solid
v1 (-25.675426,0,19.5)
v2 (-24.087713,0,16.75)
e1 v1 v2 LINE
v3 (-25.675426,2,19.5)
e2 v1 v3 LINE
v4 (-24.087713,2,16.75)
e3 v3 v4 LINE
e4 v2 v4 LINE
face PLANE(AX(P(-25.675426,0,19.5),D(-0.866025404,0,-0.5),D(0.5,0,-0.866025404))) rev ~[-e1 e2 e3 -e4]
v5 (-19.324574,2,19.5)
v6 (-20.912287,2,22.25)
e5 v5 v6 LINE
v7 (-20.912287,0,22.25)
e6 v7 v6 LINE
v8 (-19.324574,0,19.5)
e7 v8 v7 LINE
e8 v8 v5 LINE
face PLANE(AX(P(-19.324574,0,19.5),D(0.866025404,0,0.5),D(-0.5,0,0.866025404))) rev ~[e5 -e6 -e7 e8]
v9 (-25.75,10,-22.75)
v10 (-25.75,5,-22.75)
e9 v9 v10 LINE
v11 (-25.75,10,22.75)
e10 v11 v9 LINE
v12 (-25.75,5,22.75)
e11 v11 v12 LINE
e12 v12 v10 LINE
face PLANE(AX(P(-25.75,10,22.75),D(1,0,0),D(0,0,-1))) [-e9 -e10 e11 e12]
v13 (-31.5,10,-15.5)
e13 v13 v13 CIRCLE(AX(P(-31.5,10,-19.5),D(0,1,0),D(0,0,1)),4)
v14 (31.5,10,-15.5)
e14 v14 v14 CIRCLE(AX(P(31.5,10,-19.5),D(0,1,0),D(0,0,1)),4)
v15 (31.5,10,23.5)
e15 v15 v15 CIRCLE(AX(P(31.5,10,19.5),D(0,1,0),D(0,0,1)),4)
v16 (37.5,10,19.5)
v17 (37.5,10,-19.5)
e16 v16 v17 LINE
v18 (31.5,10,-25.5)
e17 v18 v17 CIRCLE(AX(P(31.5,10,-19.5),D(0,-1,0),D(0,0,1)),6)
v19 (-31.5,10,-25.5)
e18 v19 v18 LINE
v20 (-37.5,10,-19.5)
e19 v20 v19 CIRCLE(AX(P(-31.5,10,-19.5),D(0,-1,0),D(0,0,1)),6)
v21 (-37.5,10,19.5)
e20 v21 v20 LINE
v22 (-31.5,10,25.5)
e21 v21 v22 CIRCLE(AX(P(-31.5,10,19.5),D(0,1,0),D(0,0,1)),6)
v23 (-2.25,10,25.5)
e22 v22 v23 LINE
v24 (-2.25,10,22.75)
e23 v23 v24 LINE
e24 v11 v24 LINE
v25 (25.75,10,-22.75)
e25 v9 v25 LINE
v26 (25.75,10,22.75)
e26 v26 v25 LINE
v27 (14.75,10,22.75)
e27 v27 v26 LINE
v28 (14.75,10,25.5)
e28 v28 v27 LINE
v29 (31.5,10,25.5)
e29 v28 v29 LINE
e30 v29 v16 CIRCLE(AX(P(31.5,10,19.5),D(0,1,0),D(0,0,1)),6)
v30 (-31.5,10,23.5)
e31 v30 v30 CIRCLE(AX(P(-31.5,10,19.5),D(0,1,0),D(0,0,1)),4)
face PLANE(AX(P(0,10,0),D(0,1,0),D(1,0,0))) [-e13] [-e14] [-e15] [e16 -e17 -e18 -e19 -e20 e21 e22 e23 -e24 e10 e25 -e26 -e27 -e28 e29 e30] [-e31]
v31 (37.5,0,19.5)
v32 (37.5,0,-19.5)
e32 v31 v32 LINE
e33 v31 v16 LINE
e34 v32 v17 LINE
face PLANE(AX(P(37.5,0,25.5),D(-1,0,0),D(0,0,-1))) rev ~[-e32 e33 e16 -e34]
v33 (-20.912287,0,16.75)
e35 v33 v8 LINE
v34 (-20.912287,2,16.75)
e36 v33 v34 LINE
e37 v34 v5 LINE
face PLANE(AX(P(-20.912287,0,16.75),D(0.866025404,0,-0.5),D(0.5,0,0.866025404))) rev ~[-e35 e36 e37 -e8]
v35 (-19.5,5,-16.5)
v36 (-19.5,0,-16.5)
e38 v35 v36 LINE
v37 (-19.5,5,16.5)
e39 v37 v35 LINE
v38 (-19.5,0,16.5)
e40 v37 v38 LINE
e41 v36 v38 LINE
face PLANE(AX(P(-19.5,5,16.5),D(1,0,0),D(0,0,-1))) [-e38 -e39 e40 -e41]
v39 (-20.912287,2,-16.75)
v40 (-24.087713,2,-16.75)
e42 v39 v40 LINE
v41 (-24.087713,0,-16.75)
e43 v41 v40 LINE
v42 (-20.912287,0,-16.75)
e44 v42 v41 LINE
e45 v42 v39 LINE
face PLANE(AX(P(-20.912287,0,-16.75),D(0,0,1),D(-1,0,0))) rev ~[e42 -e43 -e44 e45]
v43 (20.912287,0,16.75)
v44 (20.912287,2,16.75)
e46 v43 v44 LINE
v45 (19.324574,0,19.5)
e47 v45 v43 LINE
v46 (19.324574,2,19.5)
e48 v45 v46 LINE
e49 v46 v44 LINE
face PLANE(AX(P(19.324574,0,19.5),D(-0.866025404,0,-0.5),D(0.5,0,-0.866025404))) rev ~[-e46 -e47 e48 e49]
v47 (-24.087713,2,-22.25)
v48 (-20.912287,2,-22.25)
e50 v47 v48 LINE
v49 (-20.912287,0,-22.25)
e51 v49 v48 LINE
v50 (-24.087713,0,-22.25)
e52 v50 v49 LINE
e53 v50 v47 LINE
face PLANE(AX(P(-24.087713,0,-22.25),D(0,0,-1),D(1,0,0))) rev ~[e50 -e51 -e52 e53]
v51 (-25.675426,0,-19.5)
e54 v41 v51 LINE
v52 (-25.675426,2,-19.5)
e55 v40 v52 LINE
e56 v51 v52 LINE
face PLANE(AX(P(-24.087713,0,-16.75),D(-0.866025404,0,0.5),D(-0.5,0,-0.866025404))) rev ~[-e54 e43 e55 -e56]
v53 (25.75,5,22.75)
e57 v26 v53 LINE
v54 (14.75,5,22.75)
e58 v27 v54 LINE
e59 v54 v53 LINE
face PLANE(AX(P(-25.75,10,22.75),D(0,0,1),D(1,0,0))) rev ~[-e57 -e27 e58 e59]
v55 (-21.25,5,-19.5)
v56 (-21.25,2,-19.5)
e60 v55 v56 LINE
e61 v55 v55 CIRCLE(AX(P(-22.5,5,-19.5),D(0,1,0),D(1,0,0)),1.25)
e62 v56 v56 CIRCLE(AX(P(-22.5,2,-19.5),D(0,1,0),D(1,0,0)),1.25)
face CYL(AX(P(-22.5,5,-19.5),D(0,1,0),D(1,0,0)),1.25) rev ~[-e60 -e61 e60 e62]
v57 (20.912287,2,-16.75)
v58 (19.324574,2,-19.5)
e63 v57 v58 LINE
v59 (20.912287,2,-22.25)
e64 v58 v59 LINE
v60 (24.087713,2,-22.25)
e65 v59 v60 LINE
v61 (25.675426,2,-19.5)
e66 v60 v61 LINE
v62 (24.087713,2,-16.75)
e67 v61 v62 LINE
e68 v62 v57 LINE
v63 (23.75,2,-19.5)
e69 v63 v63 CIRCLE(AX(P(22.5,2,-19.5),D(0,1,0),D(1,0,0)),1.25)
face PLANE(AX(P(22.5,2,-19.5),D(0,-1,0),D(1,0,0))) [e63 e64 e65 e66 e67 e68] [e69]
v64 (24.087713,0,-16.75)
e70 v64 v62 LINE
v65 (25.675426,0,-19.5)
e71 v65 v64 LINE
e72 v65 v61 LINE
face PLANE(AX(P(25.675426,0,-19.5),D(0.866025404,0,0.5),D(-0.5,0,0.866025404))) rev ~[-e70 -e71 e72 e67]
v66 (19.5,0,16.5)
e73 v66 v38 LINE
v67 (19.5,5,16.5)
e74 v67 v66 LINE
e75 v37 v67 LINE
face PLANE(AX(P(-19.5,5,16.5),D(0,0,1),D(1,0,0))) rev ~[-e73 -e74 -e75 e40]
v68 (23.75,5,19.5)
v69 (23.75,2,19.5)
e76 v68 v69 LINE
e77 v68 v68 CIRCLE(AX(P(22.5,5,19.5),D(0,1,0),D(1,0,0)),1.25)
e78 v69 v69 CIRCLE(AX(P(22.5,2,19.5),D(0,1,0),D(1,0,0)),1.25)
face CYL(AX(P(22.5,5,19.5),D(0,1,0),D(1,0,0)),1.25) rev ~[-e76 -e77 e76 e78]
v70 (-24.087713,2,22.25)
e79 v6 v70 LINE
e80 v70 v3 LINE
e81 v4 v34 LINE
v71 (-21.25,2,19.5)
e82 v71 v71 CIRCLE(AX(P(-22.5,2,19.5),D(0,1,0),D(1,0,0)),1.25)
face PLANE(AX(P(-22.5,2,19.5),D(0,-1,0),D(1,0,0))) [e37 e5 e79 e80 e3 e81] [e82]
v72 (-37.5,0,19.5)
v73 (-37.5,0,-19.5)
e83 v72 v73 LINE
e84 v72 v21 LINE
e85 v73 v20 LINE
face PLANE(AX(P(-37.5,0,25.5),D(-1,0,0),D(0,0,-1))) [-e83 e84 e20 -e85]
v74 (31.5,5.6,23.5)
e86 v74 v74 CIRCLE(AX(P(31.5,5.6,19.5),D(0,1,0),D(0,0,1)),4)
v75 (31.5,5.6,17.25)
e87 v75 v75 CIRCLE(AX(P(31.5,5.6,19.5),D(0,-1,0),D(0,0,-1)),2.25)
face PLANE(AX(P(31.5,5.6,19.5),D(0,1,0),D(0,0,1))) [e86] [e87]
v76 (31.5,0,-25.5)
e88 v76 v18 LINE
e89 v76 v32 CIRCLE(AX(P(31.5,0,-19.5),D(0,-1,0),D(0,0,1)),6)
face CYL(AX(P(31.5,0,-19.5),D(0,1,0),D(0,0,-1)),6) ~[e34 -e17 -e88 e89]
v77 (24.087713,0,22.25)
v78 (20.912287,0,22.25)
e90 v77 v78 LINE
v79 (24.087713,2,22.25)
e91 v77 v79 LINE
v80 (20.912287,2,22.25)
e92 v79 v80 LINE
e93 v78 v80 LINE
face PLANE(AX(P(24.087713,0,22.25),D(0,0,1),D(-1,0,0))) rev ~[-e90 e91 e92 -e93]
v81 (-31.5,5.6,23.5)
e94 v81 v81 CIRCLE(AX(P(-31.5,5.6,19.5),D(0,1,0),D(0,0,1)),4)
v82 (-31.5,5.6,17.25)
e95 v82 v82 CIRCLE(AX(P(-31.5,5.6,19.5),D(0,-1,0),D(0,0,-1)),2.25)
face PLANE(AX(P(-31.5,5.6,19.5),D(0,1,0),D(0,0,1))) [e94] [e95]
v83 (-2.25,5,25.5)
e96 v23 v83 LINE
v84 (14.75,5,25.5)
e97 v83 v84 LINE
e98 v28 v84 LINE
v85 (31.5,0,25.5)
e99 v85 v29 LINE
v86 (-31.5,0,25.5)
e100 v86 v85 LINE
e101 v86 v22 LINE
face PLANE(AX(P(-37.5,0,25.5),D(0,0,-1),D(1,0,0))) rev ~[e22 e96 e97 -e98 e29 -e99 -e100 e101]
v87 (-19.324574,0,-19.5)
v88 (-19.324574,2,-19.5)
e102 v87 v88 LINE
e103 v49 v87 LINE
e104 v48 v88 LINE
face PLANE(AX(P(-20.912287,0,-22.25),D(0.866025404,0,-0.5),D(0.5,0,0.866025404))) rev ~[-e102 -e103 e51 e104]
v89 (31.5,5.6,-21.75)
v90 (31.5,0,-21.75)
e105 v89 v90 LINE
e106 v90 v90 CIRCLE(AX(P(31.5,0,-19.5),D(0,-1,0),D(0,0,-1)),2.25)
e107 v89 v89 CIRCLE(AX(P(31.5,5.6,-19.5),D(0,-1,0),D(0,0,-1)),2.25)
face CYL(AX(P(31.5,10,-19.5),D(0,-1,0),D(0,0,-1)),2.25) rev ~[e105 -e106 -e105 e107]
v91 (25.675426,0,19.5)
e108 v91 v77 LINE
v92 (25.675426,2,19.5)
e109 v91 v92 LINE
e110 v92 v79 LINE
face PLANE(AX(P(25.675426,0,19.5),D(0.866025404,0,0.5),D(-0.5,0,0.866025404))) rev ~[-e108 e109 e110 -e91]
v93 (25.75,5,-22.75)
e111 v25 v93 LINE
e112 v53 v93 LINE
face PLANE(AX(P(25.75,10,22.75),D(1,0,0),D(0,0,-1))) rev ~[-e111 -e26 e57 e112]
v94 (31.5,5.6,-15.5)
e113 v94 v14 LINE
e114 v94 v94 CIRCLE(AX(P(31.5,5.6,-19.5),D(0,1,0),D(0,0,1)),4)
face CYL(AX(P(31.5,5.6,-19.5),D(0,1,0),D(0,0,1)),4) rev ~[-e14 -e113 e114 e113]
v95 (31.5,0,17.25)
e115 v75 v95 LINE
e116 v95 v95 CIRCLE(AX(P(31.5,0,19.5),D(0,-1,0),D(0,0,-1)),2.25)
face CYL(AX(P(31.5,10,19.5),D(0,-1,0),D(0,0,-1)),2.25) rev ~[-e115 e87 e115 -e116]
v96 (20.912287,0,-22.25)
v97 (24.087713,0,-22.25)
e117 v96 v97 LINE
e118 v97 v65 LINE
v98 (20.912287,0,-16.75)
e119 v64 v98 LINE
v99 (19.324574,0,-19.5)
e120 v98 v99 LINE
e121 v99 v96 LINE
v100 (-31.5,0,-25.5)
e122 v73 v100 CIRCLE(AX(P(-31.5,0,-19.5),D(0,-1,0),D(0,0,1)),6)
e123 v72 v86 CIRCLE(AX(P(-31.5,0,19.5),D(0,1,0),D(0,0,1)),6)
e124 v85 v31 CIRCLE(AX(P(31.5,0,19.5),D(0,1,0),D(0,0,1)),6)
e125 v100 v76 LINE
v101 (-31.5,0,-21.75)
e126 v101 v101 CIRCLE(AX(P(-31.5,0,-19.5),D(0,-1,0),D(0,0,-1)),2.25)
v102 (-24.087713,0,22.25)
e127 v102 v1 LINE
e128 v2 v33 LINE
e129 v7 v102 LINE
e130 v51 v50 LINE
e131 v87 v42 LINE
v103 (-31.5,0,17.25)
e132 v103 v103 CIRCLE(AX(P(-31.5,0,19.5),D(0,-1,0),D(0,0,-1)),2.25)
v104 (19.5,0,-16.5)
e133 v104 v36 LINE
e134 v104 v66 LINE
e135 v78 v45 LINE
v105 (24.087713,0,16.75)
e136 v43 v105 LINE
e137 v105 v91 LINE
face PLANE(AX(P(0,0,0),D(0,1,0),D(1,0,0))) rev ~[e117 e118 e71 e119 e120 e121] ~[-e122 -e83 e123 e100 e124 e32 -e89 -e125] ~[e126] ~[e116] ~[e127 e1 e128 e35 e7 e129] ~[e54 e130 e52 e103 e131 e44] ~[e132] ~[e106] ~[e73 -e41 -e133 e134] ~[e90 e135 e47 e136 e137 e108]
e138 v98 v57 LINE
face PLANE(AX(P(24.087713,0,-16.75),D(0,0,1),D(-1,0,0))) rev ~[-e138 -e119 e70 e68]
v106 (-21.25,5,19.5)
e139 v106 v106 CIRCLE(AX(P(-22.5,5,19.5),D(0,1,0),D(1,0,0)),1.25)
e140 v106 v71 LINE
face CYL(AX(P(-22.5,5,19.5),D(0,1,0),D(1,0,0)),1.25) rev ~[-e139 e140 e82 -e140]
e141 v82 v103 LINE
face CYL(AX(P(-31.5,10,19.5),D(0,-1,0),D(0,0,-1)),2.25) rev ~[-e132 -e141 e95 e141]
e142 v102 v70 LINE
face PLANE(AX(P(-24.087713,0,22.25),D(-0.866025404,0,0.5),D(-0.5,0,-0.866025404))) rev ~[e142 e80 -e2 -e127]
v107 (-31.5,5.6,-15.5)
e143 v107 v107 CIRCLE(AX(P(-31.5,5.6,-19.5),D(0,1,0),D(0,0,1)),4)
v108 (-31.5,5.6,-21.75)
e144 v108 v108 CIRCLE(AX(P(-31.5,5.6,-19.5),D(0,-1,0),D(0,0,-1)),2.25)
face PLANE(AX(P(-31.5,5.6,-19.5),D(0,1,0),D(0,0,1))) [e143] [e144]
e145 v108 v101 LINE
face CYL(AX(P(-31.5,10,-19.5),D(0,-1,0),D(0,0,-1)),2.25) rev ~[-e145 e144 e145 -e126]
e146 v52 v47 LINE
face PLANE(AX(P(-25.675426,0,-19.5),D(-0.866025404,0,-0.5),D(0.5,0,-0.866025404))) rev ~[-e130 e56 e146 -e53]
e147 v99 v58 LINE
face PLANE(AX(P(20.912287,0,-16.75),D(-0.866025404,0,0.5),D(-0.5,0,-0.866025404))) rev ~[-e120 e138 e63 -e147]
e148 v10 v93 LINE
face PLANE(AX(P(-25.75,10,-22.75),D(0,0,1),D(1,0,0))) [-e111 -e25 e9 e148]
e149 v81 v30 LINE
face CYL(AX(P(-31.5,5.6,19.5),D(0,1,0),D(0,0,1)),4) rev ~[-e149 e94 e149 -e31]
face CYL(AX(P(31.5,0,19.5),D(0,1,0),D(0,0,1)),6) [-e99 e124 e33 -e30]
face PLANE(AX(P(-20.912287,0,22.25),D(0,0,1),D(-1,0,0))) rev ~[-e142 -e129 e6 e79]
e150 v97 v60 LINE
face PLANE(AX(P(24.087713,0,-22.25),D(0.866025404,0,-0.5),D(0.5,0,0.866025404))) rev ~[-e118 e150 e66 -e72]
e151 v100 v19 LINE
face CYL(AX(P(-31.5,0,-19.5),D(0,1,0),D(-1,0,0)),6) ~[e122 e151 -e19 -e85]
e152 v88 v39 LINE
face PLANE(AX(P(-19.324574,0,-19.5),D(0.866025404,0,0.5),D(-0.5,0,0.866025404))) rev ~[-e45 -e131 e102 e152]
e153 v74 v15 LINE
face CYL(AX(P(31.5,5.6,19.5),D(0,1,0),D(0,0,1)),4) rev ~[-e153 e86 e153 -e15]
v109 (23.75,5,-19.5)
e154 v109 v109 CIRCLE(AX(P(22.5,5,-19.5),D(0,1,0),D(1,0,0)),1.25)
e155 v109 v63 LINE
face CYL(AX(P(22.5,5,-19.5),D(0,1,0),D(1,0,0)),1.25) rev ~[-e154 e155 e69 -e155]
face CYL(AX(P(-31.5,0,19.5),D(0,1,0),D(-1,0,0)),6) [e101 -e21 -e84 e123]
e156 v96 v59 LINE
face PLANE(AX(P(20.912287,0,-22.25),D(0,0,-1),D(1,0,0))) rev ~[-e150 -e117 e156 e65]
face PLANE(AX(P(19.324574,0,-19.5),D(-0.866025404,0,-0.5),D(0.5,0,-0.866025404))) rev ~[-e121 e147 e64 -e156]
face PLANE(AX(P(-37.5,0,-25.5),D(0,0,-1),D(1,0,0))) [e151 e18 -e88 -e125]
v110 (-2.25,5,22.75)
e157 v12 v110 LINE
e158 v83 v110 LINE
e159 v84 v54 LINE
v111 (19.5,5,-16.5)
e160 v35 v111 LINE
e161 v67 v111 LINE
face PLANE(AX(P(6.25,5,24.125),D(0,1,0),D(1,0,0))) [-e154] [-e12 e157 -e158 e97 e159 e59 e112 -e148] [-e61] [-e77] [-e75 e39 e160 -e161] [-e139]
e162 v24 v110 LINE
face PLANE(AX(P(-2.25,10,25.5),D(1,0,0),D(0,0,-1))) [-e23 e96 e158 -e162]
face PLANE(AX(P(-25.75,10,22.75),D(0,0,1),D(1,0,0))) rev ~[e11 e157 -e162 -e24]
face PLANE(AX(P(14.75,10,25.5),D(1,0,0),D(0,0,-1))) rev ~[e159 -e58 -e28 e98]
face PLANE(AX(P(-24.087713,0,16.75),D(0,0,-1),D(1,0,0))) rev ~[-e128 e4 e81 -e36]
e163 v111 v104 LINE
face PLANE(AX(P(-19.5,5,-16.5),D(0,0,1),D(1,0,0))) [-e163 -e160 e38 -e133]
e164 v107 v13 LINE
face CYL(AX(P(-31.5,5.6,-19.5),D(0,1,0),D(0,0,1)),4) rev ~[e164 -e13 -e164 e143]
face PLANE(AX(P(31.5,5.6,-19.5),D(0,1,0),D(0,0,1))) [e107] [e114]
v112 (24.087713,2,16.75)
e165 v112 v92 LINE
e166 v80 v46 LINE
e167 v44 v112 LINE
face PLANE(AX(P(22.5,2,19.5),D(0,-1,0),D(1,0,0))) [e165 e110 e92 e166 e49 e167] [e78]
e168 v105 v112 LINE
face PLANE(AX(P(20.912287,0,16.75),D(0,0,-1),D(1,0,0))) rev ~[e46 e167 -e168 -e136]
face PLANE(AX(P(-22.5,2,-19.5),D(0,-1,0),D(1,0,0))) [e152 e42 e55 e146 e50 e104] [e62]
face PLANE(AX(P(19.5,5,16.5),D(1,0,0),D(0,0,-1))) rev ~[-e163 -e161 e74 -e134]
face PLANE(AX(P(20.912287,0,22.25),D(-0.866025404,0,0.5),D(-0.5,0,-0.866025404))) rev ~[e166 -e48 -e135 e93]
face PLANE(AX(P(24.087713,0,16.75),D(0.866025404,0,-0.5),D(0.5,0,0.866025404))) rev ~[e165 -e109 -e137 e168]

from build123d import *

# Parameters (mm, degrees)
SKETCH_1_W                   = 75
SKETCH_1_H                   = 51
EXTRUDE_1_DEPTH              = 10
SKETCH_2_W                   = 51.5
SKETCH_2_H                   = 45.5
CUT_EXTRUDE_1_DEPTH          = 5
SKETCH_3_R                   = 1.25
CUT_EXTRUDE_2_DEPTH          = 5
CUT_EXTRUDE_3_REACH          = 7
SKETCH_4_W                   = 39
SKETCH_4_H                   = 33
FILLET_1_R                   = 6
CUT_EXTRUDE_4_DEPTH          = 2
HOLE_WIZARD_M4_1_D           = 4.5
HOLE_WIZARD_M4_1_CBORE_D     = 8
HOLE_WIZARD_M4_1_CBORE_DEPTH = 4.4
SKETCH_7_W                   = 17
SKETCH_7_H                   = 2.75
CUT_EXTRUDE_5_DEPTH          = 5


with BuildPart() as part:
    # 草图1 → 凸台-拉伸1 (new body)
    with BuildSketch(Plane(origin=(0, 0, 0), x_dir=(1, 0, 0), z_dir=(0, 1, 0))):
        Rectangle(SKETCH_1_W, SKETCH_1_H)
    extrude(amount=EXTRUDE_1_DEPTH)

    # 草图2 → 切除-拉伸1 (cut)
    with BuildSketch(Plane(origin=(0, 10, 0), x_dir=(1, 0, 0), z_dir=(0, 1, 0))):
        Rectangle(SKETCH_2_W, SKETCH_2_H)
    extrude(amount=-CUT_EXTRUDE_1_DEPTH, mode=Mode.SUBTRACT)

    # 草图3 → 切除-拉伸2 (cut)
    with BuildSketch(Plane(origin=(0, 5, 0), x_dir=(1, 0, 0), z_dir=(0, 1, 0))):
        with Locations((-22.5, 19.5)):
            Circle(SKETCH_3_R)
        with Locations((-22.5, -19.5)):
            Circle(SKETCH_3_R)
        with Locations((22.5, -19.5)):
            Circle(SKETCH_3_R)
        with Locations((22.5, 19.5)):
            Circle(SKETCH_3_R)
    extrude(amount=-CUT_EXTRUDE_2_DEPTH, mode=Mode.SUBTRACT)

    # 草图4 → 切除-拉伸3 (cut, up to next)
    with BuildSketch(Plane(origin=(0, 5, 0), x_dir=(1, 0, 0), z_dir=(0, 1, 0)), mode=Mode.PRIVATE) as cut_extrude_3_sk1:
        Rectangle(SKETCH_4_W, SKETCH_4_H)
    cut_extrude_3_tool1 = extrude(cut_extrude_3_sk1.sketch, amount=-CUT_EXTRUDE_3_REACH, mode=Mode.PRIVATE) & part.part
    add(cut_extrude_3_tool1.solids().sort_by_distance((0, 5, 0))[0], mode=Mode.SUBTRACT)

    # 圆角1
    fillet_1_edges = [part.edges().sort_by_distance(p)[0] for p in [
        (37.5, 5, 25.5),
        (-37.5, 5, 25.5),
        (-37.5, 5, -25.5),
        (37.5, 5, -25.5),
    ]]
    fillet(fillet_1_edges, radius=FILLET_1_R)

    # 草图5 → 切除-拉伸4 (cut)
    with BuildSketch(Plane.XZ):
        Polygon((-19.324573519, 19.5), (-20.91228676, 22.25), (-24.08771324, 22.25), (-25.675426481, 19.5), (-24.08771324, 16.75), (-20.91228676, 16.75), align=None)
        Polygon((25.675426481, 19.5), (24.08771324, 22.25), (20.91228676, 22.25), (19.324573519, 19.5), (20.91228676, 16.75), (24.08771324, 16.75), align=None)
        Polygon((-19.324573519, -19.5), (-20.91228676, -16.75), (-24.08771324, -16.75), (-25.675426481, -19.5), (-24.08771324, -22.25), (-20.91228676, -22.25), align=None)
        Polygon((25.675426481, -19.5), (24.08771324, -16.75), (20.91228676, -16.75), (19.324573519, -19.5), (20.91228676, -22.25), (24.08771324, -22.25), align=None)
    extrude(amount=-CUT_EXTRUDE_4_DEPTH, mode=Mode.SUBTRACT)

    # M4 六角凹头螺钉的柱形沉头孔1 (through all)
    with Locations(Plane(origin=(31.5, 10, 19.5), x_dir=(0, 0, 1), z_dir=(0, 1, 0))):
        with Locations((0, 0), (-39, 0), (-39, -63), (0, -63)):
            CounterBoreHole(HOLE_WIZARD_M4_1_D / 2, HOLE_WIZARD_M4_1_CBORE_D / 2, HOLE_WIZARD_M4_1_CBORE_DEPTH)

    # 草图7 → 切除-拉伸5 (cut)
    with BuildSketch(Plane(origin=(0, 10, 0), x_dir=(1, 0, 0), z_dir=(0, 1, 0))):
        with Locations((6.25, -24.125)):
            Rectangle(SKETCH_7_W, SKETCH_7_H)
    extrude(amount=-CUT_EXTRUDE_5_DEPTH, mode=Mode.SUBTRACT)


solid = part.part
